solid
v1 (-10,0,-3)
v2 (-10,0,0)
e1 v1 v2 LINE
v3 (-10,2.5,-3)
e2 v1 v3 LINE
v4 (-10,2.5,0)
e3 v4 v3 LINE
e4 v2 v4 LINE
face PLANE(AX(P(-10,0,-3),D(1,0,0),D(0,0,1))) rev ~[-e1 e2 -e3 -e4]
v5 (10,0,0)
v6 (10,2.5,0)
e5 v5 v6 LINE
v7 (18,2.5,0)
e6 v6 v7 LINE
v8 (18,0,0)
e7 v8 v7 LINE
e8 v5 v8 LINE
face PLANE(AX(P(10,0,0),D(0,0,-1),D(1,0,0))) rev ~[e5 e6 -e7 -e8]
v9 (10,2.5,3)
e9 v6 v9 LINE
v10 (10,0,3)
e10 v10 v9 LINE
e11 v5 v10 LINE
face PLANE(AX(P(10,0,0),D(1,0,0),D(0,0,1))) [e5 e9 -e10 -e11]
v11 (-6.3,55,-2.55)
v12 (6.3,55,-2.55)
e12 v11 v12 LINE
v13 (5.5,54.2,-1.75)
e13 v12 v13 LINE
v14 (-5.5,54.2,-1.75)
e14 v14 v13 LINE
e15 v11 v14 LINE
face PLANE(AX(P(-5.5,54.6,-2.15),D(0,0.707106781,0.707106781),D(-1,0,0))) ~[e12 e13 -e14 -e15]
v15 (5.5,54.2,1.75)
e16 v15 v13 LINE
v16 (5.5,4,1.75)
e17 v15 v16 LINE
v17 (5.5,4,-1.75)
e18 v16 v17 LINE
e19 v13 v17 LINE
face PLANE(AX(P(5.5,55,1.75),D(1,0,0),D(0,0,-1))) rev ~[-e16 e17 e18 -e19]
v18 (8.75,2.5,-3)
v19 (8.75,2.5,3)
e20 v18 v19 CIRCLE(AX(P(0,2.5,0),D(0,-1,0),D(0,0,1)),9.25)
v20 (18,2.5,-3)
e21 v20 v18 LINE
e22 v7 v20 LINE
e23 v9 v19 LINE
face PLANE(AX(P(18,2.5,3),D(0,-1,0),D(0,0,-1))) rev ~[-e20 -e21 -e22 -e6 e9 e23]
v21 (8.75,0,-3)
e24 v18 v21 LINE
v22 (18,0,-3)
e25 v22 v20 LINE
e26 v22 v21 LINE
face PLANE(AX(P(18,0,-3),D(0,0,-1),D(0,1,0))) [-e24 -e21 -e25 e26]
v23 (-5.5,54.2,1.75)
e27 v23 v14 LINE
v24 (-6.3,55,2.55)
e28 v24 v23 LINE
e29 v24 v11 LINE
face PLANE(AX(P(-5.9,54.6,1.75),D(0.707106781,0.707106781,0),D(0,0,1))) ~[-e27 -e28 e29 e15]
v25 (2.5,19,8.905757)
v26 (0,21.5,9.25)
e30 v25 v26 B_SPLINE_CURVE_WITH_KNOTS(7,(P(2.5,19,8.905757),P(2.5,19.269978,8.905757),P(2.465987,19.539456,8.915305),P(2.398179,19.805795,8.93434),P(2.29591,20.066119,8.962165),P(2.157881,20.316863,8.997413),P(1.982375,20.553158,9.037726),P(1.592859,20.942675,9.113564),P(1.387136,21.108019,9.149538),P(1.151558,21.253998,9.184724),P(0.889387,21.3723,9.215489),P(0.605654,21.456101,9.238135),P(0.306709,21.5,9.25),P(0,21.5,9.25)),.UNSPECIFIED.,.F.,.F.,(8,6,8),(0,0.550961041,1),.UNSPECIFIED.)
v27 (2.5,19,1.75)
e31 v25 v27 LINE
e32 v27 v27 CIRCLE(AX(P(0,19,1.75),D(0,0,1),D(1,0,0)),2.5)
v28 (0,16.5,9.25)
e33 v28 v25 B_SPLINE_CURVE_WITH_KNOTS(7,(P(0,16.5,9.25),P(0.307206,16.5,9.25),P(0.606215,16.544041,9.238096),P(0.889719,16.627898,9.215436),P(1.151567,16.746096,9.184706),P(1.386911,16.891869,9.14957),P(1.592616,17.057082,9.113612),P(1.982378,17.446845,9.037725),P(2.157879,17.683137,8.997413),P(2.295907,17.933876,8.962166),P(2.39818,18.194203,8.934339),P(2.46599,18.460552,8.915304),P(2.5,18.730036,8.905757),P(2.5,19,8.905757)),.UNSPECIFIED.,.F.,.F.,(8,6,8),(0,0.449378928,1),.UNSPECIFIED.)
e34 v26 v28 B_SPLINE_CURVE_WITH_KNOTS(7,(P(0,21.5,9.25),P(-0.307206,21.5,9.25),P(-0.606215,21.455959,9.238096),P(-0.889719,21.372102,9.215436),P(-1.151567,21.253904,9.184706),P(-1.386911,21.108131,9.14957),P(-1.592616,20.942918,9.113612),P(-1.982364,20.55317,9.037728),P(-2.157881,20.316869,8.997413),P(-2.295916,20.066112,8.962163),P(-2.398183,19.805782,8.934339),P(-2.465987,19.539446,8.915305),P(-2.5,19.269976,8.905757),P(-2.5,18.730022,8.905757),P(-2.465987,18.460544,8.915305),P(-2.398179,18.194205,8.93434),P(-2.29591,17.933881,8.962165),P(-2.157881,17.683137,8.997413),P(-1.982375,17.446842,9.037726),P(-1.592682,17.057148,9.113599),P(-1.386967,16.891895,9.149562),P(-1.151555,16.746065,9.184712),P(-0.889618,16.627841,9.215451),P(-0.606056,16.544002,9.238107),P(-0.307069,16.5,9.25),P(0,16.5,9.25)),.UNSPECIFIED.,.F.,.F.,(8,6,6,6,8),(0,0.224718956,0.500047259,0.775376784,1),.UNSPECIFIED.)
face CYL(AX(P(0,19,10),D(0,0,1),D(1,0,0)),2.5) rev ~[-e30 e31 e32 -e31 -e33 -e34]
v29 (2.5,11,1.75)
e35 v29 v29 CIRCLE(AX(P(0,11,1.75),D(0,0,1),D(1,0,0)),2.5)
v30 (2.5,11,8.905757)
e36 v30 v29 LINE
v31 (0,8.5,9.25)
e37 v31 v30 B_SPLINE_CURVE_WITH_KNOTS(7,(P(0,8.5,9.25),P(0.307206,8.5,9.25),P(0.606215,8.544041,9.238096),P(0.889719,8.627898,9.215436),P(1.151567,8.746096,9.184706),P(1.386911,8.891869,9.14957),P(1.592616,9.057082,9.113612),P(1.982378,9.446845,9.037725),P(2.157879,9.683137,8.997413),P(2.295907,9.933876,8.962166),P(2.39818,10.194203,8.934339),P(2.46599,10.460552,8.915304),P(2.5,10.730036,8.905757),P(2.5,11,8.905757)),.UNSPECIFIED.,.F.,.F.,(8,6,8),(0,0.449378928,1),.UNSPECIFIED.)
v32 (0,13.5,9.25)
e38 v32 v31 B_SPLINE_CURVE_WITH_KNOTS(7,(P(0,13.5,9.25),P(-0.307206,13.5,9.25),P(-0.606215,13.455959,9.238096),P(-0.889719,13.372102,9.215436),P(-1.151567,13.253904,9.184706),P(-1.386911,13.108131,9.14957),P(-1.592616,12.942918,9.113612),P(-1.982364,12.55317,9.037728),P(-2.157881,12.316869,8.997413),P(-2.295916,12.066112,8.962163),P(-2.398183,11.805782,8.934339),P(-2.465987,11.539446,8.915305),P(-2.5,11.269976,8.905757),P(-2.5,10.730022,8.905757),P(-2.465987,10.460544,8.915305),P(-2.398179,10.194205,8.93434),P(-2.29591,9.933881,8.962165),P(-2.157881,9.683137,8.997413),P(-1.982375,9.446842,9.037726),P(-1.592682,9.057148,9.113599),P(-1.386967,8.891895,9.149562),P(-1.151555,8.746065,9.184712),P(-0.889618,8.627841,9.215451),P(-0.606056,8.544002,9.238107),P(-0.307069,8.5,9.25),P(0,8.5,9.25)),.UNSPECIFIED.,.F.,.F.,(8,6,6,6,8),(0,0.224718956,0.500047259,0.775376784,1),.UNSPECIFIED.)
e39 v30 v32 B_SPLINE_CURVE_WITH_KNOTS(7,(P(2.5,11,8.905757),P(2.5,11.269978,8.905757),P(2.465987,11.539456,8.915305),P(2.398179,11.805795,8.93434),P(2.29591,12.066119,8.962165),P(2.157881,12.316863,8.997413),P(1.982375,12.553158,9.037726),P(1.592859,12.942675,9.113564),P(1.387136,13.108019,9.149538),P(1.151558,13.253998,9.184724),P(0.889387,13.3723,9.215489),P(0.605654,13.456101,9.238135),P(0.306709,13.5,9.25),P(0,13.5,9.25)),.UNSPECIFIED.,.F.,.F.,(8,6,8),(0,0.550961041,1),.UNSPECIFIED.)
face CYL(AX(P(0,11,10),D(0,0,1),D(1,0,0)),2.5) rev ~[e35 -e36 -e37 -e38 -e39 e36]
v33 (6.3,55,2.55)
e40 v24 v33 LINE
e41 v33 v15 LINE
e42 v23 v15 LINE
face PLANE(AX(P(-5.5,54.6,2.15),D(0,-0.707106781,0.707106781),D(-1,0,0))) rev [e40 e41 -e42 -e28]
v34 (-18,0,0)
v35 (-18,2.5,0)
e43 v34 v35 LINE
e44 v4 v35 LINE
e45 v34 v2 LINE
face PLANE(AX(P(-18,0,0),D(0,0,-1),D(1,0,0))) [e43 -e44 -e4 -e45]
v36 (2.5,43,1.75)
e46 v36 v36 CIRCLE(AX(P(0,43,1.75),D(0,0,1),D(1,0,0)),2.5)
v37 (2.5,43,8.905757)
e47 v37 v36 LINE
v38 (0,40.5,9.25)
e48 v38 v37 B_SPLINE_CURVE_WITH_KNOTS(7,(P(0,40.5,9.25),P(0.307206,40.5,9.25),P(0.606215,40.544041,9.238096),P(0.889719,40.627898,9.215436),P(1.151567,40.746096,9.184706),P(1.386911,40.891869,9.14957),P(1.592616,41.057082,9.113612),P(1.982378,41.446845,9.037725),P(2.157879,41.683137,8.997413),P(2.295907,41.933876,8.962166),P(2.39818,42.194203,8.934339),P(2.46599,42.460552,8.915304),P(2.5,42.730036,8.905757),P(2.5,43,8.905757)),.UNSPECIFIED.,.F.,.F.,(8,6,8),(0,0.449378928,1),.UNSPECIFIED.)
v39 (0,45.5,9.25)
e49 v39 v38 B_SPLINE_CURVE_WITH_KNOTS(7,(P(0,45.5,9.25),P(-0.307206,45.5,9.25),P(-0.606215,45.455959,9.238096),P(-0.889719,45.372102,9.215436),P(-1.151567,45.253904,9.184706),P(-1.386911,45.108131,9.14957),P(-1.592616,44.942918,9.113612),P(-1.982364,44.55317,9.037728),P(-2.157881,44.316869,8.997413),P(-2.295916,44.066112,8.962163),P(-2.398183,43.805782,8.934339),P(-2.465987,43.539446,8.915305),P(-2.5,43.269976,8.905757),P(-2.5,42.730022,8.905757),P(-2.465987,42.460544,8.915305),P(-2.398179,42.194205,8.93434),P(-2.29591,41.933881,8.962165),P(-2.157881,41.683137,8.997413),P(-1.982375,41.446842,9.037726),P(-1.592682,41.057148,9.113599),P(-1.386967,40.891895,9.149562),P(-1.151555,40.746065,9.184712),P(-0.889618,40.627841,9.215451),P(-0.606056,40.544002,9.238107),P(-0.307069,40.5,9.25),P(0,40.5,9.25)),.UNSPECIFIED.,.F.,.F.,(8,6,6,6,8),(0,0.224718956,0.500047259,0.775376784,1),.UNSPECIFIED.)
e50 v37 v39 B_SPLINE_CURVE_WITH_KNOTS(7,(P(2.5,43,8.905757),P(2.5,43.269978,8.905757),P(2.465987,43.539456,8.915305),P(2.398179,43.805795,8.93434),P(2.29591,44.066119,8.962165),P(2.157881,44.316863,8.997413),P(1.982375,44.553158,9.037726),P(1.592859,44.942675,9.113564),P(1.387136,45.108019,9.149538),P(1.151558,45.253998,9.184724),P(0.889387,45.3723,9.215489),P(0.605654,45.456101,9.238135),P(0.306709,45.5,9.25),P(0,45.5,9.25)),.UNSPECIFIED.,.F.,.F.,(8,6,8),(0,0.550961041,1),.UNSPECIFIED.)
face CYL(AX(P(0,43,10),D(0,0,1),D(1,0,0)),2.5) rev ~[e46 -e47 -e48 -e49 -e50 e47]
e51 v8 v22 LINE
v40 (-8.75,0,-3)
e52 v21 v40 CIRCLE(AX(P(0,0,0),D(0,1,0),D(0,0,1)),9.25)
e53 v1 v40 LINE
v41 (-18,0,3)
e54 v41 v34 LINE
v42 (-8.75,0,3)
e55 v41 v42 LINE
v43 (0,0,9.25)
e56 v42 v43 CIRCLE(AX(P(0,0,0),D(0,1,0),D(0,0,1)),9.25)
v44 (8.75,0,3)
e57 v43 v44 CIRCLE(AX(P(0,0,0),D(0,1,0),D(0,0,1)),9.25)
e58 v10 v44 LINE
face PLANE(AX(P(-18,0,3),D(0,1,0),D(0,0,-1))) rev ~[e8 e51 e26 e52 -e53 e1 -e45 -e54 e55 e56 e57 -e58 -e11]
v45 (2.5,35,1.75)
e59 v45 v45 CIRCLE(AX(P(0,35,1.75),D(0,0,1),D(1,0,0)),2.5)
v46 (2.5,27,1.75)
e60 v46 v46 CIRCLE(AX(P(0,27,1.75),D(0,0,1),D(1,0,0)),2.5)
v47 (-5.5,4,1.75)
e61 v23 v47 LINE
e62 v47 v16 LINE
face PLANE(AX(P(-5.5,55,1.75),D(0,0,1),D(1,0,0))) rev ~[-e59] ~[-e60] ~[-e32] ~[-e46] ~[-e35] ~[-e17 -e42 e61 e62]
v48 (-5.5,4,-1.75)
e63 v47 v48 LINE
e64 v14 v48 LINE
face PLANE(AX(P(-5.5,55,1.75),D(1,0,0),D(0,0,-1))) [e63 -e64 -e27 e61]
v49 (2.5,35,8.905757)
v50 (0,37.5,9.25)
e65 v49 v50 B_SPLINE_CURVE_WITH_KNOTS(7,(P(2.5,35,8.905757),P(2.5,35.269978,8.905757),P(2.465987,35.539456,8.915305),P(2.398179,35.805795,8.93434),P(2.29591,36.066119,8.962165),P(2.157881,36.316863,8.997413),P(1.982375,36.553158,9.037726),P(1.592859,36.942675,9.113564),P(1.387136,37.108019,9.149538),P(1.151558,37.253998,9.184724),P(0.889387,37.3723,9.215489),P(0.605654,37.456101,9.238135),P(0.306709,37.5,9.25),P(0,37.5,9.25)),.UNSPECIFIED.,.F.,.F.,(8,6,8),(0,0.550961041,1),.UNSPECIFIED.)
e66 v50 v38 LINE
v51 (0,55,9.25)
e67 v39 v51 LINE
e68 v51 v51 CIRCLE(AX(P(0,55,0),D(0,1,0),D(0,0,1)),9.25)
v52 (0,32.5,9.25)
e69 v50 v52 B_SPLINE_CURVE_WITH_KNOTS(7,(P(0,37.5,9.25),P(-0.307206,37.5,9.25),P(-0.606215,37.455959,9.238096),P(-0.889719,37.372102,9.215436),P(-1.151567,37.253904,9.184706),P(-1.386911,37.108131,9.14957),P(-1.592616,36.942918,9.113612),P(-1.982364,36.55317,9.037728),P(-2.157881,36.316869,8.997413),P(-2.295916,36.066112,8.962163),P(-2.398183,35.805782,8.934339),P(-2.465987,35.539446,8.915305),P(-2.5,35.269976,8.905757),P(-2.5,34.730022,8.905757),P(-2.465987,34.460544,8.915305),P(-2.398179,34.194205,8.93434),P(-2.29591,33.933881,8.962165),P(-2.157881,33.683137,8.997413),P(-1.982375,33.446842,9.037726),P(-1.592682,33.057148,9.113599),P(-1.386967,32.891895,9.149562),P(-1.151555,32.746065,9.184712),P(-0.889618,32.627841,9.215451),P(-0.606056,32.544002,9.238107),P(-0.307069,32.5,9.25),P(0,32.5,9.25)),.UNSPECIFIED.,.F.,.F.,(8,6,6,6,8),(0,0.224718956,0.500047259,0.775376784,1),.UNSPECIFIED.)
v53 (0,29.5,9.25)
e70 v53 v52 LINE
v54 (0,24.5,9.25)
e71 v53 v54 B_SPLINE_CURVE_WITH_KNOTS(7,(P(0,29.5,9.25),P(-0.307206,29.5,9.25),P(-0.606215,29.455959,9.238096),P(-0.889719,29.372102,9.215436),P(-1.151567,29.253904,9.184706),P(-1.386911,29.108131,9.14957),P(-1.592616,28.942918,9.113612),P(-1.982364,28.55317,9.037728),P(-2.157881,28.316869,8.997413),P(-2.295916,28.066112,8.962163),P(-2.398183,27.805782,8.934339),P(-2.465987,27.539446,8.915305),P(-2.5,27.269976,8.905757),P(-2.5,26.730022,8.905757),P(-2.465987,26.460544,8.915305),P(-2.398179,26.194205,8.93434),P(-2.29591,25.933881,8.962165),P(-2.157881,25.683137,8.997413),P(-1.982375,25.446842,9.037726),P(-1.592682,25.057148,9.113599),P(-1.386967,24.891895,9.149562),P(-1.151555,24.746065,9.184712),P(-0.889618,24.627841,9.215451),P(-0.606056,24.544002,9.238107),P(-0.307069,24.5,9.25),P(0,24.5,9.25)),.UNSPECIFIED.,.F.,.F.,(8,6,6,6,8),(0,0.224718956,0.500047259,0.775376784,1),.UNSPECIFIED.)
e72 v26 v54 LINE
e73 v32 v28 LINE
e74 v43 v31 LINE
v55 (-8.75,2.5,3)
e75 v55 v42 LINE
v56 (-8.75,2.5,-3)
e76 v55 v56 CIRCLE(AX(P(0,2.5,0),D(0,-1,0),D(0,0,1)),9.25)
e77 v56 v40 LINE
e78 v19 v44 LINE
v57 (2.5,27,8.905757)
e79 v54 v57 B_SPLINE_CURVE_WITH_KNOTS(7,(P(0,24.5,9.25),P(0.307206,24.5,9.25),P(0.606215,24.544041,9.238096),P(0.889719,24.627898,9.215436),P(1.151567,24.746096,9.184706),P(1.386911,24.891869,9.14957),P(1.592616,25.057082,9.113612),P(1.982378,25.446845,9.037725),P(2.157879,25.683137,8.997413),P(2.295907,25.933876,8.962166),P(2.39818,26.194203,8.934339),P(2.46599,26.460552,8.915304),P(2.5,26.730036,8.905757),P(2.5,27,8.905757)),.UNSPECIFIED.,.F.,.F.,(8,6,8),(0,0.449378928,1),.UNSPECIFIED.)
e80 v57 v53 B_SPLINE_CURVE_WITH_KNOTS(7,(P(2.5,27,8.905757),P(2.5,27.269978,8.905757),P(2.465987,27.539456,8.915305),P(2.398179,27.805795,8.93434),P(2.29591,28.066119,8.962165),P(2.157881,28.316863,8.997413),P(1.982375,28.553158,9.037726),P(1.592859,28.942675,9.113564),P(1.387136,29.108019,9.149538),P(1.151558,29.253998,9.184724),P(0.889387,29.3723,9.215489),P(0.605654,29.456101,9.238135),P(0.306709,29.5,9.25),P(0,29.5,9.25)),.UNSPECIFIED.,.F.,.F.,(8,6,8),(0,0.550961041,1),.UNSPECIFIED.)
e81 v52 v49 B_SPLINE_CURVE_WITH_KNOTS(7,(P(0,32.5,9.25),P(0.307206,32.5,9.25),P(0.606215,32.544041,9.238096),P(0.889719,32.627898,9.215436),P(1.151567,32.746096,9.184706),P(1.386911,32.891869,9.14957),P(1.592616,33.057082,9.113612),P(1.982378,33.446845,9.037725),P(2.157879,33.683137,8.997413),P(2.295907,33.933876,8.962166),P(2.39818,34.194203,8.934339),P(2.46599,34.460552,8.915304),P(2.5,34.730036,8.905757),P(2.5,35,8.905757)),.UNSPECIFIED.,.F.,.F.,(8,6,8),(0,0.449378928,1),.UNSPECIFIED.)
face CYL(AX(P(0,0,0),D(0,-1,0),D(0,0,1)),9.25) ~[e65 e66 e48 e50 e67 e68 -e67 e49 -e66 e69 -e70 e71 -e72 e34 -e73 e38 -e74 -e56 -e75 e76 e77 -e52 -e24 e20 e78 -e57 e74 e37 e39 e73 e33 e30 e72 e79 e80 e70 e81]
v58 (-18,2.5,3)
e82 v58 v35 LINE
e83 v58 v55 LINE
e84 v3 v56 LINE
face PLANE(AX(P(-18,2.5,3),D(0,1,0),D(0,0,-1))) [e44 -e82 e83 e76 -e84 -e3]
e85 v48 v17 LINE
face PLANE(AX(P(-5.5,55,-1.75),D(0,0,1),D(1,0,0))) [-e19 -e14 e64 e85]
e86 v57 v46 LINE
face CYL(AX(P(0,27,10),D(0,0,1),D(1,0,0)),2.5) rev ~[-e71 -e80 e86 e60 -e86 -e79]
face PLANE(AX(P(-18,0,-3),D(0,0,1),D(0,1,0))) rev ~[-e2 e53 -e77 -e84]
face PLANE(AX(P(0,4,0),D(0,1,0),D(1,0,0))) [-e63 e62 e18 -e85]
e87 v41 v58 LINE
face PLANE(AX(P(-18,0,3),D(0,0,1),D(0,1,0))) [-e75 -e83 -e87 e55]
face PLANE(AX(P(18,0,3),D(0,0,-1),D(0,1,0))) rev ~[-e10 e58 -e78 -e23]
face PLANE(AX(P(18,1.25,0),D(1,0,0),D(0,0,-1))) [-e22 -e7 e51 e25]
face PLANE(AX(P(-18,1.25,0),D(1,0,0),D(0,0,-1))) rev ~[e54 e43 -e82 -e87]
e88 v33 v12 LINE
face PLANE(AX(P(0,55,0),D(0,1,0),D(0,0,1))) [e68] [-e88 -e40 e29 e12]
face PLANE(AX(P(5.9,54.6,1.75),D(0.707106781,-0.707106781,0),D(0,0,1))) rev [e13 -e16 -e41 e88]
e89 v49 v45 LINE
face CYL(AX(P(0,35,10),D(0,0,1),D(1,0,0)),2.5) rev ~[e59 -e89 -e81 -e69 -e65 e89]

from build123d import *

# Parameters (mm, degrees)
SKETCH1_R           = 9.25
BOSS_EXTRUDE1_DEPTH = 55
SKETCH2_W           = 11
SKETCH2_H           = 3.5
CUT_EXTRUDE1_DEPTH  = 51
CHAMFER1_SIZE       = 0.8
SKETCH3_R           = 2.5
CUT_EXTRUDE2_DEPTH  = 10
SKETCH5_W           = 6
SKETCH5_H           = 2.5
BOSS_EXTRUDE2_DEPTH = 20
SKETCH6_W           = 6
SKETCH6_H           = 2.5
BOSS_EXTRUDE3_DEPTH = 10
SKETCH8_W           = 8
SKETCH8_H           = 3
CUT_EXTRUDE3_DEPTH  = 10


with BuildPart() as part:
    # Sketch1 → Boss-Extrude1 (new body)
    with BuildSketch(Plane(origin=(0, 0, 0), x_dir=(1, 0, 0), z_dir=(0, 1, 0))):
        with Locations(Location((0, 0, 0), (0, 0, 270))):
            Circle(SKETCH1_R)
    extrude(amount=BOSS_EXTRUDE1_DEPTH)

    # Sketch2 → Cut-Extrude1 (cut)
    with BuildSketch(Plane(origin=(0, 55, 0), x_dir=(1, 0, 0), z_dir=(0, 1, 0))):
        Rectangle(SKETCH2_W, SKETCH2_H)
    extrude(amount=-CUT_EXTRUDE1_DEPTH, mode=Mode.SUBTRACT)

    # Chamfer1
    chamfer1_edges = [part.edges().sort_by_distance(p)[0] for p in [
        (5.5, 55, 0),
        (0, 55, -1.75),
        (-5.5, 55, 0),
        (0, 55, 1.75),
    ]]
    chamfer(chamfer1_edges, length=CHAMFER1_SIZE)

    # Sketch3 → Cut-Extrude2 (cut)
    with BuildSketch(Plane.XY.offset(10)):
        with Locations((0, 43)):
            Circle(SKETCH3_R)
        with Locations((0, 35)):
            Circle(SKETCH3_R)
        with Locations((0, 27)):
            Circle(SKETCH3_R)
        with Locations((0, 19)):
            Circle(SKETCH3_R)
        with Locations((0, 11)):
            Circle(SKETCH3_R)
    extrude(amount=-CUT_EXTRUDE2_DEPTH, mode=Mode.SUBTRACT)

    # Sketch5 → Boss-Extrude2 (add)
    with BuildSketch(Plane(origin=(18, 0, 0), x_dir=(0, 0, -1), z_dir=(1, 0, 0))):
        with Locations((0, 1.25)):
            Rectangle(SKETCH5_W, SKETCH5_H)
    extrude(amount=-BOSS_EXTRUDE2_DEPTH)

    # Sketch6 → Boss-Extrude3 (add)
    with BuildSketch(Plane(origin=(-18, 0, 0), x_dir=(0, 0, -1), z_dir=(1, 0, 0))):
        with Locations((0, 1.25)):
            Rectangle(SKETCH6_W, SKETCH6_H)
    extrude(amount=BOSS_EXTRUDE3_DEPTH)

    # Sketch8 → Cut-Extrude3 (cut)
    with BuildSketch(Plane.XZ):
        with Locations((14, 1.5)):
            Rectangle(SKETCH8_W, SKETCH8_H)
        with Locations((-14, -1.5)):
            Rectangle(SKETCH8_W, SKETCH8_H)
    extrude(amount=-CUT_EXTRUDE3_DEPTH, mode=Mode.SUBTRACT)


solid = part.part
